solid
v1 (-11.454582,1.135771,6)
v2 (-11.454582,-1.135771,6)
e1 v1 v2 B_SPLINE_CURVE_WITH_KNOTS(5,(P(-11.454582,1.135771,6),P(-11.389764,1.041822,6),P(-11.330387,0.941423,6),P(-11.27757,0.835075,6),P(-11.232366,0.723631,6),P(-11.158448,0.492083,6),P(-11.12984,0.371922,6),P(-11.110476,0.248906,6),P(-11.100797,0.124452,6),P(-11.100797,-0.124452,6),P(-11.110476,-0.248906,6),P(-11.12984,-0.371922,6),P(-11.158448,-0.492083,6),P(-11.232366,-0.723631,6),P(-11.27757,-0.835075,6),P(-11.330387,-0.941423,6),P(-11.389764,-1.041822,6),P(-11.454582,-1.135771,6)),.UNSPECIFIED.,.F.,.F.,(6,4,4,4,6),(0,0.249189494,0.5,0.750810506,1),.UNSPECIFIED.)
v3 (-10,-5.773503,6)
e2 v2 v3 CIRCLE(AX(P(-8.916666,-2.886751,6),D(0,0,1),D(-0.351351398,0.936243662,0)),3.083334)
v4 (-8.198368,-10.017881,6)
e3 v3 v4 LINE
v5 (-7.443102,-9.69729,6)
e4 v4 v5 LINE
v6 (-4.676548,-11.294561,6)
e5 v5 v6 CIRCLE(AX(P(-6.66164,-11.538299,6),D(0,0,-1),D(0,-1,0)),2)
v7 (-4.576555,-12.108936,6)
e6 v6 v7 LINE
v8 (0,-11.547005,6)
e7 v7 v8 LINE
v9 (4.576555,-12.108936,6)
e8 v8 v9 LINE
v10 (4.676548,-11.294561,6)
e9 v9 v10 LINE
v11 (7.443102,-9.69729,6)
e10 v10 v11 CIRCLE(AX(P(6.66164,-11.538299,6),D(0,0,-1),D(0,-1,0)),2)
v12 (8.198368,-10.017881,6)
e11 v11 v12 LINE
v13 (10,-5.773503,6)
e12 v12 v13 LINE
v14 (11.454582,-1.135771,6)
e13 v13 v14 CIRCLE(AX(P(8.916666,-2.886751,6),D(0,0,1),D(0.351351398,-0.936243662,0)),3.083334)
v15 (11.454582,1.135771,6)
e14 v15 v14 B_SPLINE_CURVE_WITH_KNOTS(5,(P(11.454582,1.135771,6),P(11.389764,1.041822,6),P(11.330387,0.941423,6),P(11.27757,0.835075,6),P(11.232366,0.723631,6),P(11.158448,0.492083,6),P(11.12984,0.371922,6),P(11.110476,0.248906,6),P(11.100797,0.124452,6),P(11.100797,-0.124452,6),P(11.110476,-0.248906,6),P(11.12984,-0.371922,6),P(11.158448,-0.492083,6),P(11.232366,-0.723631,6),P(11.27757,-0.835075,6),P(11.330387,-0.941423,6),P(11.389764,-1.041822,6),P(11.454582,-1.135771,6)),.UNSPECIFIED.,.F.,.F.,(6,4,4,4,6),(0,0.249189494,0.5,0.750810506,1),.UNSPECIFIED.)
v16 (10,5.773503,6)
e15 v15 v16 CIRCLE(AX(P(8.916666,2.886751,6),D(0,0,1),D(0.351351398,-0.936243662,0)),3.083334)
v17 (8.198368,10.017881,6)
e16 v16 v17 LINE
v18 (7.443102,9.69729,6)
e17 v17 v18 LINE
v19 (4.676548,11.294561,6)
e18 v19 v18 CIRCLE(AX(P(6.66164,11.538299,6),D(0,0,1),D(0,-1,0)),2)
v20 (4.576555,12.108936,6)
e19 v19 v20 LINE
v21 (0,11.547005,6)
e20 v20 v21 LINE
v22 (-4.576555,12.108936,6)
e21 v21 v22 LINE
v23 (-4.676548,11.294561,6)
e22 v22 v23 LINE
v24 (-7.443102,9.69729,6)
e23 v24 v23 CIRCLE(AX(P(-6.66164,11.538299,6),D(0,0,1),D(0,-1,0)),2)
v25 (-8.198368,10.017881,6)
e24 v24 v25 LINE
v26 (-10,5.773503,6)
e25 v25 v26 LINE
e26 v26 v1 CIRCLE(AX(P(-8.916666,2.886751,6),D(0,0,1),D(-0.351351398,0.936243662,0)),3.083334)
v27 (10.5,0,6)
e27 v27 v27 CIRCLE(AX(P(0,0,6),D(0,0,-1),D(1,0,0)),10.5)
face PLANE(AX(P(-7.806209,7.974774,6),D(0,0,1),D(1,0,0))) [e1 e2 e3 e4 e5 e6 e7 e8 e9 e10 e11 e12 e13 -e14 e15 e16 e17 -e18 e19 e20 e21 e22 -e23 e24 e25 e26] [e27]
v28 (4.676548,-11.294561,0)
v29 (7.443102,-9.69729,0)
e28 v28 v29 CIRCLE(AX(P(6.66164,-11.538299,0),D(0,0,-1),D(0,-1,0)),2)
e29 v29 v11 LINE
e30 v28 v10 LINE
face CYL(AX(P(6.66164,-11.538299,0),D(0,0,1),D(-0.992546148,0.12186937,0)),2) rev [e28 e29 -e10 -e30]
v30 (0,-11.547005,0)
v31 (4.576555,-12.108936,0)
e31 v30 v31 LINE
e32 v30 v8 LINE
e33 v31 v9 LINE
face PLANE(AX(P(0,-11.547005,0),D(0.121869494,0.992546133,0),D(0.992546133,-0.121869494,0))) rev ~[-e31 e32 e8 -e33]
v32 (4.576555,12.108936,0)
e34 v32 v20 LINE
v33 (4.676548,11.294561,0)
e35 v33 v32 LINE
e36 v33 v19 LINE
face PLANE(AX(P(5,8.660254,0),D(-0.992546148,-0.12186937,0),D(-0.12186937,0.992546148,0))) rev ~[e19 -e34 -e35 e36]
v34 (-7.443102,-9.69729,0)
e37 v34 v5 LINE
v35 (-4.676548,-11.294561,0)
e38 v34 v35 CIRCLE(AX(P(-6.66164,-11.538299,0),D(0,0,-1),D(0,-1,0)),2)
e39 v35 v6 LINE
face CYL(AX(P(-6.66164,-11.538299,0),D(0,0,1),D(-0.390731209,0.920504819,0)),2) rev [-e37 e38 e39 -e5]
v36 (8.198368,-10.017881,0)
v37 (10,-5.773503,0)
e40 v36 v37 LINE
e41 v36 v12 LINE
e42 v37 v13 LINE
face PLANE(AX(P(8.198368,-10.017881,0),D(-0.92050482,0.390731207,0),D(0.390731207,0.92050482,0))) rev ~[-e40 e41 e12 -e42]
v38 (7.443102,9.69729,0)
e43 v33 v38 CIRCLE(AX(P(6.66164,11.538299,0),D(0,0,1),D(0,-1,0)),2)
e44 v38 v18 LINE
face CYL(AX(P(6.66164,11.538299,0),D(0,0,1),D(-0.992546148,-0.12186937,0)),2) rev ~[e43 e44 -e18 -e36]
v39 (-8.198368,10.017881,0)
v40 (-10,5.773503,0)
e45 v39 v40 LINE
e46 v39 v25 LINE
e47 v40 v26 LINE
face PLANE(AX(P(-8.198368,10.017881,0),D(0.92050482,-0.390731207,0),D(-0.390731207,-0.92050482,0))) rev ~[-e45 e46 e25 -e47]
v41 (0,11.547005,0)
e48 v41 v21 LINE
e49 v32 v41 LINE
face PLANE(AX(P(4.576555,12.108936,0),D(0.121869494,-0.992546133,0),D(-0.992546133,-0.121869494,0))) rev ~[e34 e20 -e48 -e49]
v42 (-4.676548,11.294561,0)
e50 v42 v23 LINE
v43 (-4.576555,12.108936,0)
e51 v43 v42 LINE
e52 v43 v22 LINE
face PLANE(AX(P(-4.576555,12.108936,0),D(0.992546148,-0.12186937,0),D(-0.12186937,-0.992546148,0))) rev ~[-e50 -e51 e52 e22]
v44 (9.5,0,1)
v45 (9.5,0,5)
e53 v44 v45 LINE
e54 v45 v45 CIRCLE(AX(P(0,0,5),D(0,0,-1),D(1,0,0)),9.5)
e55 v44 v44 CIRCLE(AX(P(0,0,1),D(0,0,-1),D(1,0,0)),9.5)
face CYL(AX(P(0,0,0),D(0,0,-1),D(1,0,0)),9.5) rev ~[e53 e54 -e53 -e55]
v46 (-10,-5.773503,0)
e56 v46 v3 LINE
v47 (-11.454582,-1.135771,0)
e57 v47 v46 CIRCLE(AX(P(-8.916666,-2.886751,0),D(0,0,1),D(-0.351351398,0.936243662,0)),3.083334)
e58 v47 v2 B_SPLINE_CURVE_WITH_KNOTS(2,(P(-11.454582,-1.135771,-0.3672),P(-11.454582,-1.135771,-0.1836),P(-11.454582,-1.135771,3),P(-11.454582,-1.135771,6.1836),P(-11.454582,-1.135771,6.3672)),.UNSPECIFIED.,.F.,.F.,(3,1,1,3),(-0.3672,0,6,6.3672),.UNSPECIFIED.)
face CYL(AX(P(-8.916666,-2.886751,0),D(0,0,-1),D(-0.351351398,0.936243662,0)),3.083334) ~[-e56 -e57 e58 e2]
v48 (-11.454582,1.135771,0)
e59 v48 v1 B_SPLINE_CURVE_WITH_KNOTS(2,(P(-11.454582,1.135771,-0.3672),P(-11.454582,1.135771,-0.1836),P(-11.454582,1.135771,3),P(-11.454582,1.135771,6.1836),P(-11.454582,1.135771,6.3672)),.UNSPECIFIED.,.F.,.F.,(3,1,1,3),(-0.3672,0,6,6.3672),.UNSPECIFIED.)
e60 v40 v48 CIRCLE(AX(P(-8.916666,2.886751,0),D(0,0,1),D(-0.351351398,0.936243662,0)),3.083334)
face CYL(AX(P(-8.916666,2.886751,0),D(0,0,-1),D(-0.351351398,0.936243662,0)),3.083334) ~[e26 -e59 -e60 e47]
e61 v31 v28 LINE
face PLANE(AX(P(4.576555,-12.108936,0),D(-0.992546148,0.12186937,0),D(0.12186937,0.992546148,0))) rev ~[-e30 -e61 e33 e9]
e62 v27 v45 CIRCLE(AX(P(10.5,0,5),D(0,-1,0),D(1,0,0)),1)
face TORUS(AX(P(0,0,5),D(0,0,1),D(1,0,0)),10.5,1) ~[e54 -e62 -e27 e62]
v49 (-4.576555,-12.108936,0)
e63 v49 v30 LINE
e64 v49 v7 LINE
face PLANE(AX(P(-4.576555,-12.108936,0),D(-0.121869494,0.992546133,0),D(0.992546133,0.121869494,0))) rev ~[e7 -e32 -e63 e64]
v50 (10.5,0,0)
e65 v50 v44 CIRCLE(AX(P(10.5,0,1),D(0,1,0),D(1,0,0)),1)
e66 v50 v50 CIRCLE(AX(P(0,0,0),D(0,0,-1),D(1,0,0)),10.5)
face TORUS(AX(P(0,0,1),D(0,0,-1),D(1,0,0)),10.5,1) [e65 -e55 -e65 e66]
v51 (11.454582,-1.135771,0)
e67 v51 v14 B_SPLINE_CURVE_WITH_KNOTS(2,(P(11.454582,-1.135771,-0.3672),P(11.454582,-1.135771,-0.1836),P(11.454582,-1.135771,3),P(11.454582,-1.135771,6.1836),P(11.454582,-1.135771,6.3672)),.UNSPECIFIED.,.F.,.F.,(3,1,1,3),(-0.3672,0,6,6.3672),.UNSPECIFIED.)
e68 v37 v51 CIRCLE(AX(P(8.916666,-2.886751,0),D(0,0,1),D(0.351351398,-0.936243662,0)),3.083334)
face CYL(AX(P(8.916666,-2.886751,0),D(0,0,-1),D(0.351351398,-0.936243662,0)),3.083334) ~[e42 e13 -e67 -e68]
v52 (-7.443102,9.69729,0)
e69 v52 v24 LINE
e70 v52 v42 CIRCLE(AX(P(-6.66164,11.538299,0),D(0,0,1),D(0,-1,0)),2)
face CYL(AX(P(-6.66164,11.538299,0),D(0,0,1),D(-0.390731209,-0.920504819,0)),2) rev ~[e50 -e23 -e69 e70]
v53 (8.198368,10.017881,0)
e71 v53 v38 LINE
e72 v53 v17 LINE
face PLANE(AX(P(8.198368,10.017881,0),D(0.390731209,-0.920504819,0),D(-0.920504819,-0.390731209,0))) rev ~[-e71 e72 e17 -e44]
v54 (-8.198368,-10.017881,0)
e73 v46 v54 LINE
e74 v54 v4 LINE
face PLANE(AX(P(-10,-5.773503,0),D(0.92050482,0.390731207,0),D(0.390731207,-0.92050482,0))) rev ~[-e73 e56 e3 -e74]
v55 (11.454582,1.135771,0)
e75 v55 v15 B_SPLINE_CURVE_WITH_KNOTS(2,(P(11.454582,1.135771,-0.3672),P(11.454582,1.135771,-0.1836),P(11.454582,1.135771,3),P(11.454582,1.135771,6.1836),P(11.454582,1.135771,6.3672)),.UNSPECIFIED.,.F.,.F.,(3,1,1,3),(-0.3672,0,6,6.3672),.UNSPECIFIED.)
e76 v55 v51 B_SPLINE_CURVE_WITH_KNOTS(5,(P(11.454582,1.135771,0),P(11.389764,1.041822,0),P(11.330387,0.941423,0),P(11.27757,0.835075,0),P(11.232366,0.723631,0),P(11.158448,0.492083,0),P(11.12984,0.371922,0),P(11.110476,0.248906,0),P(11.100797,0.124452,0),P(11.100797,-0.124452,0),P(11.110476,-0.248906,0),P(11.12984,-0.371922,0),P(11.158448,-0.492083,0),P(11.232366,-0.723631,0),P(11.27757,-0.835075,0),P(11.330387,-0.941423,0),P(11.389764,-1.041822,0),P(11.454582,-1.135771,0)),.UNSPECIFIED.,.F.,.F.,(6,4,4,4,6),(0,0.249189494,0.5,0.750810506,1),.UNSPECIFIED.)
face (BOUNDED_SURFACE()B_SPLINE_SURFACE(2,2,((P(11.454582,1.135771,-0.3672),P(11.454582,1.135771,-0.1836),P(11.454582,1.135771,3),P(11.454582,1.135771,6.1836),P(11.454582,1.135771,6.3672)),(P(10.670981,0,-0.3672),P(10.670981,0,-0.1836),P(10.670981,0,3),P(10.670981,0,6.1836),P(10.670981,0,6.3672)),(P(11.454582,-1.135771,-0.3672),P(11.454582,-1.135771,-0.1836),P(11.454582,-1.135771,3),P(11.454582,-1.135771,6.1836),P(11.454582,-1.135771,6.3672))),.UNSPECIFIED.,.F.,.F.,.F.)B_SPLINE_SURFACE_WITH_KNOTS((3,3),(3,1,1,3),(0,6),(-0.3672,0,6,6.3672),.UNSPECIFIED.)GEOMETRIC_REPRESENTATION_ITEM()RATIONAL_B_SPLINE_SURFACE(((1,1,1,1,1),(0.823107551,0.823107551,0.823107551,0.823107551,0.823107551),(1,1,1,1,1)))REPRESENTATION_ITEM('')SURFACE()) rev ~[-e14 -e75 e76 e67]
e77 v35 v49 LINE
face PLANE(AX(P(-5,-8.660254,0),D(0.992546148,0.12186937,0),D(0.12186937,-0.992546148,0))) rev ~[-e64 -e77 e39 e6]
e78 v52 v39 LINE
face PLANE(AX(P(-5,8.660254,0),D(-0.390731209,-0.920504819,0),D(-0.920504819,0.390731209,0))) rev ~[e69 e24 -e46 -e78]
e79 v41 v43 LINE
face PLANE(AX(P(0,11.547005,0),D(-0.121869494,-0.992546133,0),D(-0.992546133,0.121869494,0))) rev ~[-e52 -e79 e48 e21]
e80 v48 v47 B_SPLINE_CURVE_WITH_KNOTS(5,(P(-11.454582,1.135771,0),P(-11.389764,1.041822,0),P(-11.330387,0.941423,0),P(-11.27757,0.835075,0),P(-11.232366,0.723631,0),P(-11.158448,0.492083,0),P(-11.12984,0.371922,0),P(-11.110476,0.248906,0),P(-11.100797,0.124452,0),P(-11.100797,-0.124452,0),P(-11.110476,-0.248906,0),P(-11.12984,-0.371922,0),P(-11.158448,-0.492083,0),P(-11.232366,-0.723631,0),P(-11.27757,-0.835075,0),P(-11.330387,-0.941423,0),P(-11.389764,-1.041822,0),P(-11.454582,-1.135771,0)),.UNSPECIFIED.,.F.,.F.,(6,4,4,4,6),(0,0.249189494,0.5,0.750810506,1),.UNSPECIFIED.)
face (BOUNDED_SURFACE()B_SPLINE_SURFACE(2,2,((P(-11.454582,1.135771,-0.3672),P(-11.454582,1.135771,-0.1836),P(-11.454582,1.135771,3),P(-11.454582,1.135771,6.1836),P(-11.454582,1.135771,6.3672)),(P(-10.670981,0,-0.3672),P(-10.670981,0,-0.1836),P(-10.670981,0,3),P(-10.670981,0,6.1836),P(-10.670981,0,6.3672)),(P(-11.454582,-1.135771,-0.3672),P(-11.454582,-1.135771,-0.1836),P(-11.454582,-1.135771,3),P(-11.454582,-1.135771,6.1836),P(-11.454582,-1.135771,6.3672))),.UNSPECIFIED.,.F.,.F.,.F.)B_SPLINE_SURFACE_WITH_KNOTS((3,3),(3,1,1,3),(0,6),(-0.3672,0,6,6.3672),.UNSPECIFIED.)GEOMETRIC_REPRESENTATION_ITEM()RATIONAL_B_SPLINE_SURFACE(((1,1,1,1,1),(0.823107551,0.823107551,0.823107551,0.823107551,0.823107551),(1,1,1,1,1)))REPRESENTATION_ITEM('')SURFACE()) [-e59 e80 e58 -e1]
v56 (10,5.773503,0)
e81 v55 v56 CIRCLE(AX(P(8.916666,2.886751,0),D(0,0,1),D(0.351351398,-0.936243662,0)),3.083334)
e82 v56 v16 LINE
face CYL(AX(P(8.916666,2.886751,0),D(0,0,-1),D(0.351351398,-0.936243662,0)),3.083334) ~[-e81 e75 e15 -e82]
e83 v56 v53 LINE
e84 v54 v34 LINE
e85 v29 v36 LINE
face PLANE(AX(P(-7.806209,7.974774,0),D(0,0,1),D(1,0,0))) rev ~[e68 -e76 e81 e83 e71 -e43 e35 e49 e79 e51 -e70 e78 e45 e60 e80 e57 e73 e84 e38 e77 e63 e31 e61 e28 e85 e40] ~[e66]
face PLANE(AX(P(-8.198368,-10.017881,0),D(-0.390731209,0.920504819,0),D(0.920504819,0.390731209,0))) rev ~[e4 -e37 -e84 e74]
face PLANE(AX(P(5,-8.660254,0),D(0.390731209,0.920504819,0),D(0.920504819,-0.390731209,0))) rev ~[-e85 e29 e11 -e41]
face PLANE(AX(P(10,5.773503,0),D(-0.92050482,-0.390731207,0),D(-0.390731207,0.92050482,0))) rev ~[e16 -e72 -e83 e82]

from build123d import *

# Parameters (mm, degrees)
F1_DEPTH = 6
F2_R     = 9.5
F3_DEPTH = 7
F4_R     = 2
F5_R     = 1


with BuildPart() as f1:
    # F0 (on Top) → F1 (new body)
    with BuildSketch(Plane.XY):
        Polygon((-8.198368, 10.017881), (-10, 5.773503), (-5, 8.660254), align=None)
        with BuildLine():
            ThreePointArc((-10, 5.773503), (-12, 2.886751), (-10, 0))
            Line((-10, 0), (-10, 5.773503))
        make_face()
        with BuildLine():
            ThreePointArc((-10, 0), (-12, -2.886751), (-10, -5.773503))
            Line((-10, -5.773503), (-10, 0))
        make_face()
        Polygon((-4.576555, 12.108936), (-5, 8.660254), (0, 11.547005), align=None)
        Polygon((4.576555, 12.108936), (0, 11.547005), (5, 8.660254), align=None)
        Polygon((0, -11.547005), (-5, -8.660254), (-4.576555, -12.108936), align=None)
        Polygon((8.198368, 10.017881), (5, 8.660254), (10, 5.773503), align=None)
        with BuildLine():
            Line((10, 0), (10, -5.773503))
            ThreePointArc((10, -5.773503), (12, -2.886751), (10, 0))
        make_face()
        with BuildLine():
            Line((10, 5.773503), (10, 0))
            ThreePointArc((10, 0), (12, 2.886751), (10, 5.773503))
        make_face()
        Polygon((-5, -8.660254), (-10, -5.773503), (-8.198368, -10.017881), align=None)
        Polygon((5, -8.660254), (0, -11.547005), (4.576555, -12.108936), align=None)
        Polygon((10, -5.773503), (5, -8.660254), (8.198368, -10.017881), align=None)
        Polygon((-10, 0), (-10, -5.773503), (-5, -8.660254), (0, -11.547005), (5, -8.660254), (10, -5.773503), (10, 0), (10, 5.773503), (5, 8.660254), (0, 11.547005), (-5, 8.660254), (-10, 5.773503), align=None)
    extrude(amount=F1_DEPTH)

    # F2 (on face) → F3 (cut)
    with BuildSketch(Plane(origin=(0, 0, 0), x_dir=(1, 0, 0), z_dir=(0, 0, -1))):
        Circle(F2_R)
    extrude(amount=-F3_DEPTH, mode=Mode.SUBTRACT)

    # F4
    f4_edges = [f1.edges().sort_by_distance(p)[0] for p in [
        (5, 8.660254, 3),
        (-5, 8.660254, 3),
        (5, -8.660254, 3),
        (-5, -8.660254, 3),
        (10, 0, 3),
        (-10, 0, 3),
    ]]
    fillet(f4_edges, radius=F4_R)

    # F5
    f5_edges = [f1.edges().sort_by_distance(p)[0] for p in [
        (-9.5, 0, 6),
        (-9.5, 0, 0),
    ]]
    fillet(f5_edges, radius=F5_R)


solid = f1.part
